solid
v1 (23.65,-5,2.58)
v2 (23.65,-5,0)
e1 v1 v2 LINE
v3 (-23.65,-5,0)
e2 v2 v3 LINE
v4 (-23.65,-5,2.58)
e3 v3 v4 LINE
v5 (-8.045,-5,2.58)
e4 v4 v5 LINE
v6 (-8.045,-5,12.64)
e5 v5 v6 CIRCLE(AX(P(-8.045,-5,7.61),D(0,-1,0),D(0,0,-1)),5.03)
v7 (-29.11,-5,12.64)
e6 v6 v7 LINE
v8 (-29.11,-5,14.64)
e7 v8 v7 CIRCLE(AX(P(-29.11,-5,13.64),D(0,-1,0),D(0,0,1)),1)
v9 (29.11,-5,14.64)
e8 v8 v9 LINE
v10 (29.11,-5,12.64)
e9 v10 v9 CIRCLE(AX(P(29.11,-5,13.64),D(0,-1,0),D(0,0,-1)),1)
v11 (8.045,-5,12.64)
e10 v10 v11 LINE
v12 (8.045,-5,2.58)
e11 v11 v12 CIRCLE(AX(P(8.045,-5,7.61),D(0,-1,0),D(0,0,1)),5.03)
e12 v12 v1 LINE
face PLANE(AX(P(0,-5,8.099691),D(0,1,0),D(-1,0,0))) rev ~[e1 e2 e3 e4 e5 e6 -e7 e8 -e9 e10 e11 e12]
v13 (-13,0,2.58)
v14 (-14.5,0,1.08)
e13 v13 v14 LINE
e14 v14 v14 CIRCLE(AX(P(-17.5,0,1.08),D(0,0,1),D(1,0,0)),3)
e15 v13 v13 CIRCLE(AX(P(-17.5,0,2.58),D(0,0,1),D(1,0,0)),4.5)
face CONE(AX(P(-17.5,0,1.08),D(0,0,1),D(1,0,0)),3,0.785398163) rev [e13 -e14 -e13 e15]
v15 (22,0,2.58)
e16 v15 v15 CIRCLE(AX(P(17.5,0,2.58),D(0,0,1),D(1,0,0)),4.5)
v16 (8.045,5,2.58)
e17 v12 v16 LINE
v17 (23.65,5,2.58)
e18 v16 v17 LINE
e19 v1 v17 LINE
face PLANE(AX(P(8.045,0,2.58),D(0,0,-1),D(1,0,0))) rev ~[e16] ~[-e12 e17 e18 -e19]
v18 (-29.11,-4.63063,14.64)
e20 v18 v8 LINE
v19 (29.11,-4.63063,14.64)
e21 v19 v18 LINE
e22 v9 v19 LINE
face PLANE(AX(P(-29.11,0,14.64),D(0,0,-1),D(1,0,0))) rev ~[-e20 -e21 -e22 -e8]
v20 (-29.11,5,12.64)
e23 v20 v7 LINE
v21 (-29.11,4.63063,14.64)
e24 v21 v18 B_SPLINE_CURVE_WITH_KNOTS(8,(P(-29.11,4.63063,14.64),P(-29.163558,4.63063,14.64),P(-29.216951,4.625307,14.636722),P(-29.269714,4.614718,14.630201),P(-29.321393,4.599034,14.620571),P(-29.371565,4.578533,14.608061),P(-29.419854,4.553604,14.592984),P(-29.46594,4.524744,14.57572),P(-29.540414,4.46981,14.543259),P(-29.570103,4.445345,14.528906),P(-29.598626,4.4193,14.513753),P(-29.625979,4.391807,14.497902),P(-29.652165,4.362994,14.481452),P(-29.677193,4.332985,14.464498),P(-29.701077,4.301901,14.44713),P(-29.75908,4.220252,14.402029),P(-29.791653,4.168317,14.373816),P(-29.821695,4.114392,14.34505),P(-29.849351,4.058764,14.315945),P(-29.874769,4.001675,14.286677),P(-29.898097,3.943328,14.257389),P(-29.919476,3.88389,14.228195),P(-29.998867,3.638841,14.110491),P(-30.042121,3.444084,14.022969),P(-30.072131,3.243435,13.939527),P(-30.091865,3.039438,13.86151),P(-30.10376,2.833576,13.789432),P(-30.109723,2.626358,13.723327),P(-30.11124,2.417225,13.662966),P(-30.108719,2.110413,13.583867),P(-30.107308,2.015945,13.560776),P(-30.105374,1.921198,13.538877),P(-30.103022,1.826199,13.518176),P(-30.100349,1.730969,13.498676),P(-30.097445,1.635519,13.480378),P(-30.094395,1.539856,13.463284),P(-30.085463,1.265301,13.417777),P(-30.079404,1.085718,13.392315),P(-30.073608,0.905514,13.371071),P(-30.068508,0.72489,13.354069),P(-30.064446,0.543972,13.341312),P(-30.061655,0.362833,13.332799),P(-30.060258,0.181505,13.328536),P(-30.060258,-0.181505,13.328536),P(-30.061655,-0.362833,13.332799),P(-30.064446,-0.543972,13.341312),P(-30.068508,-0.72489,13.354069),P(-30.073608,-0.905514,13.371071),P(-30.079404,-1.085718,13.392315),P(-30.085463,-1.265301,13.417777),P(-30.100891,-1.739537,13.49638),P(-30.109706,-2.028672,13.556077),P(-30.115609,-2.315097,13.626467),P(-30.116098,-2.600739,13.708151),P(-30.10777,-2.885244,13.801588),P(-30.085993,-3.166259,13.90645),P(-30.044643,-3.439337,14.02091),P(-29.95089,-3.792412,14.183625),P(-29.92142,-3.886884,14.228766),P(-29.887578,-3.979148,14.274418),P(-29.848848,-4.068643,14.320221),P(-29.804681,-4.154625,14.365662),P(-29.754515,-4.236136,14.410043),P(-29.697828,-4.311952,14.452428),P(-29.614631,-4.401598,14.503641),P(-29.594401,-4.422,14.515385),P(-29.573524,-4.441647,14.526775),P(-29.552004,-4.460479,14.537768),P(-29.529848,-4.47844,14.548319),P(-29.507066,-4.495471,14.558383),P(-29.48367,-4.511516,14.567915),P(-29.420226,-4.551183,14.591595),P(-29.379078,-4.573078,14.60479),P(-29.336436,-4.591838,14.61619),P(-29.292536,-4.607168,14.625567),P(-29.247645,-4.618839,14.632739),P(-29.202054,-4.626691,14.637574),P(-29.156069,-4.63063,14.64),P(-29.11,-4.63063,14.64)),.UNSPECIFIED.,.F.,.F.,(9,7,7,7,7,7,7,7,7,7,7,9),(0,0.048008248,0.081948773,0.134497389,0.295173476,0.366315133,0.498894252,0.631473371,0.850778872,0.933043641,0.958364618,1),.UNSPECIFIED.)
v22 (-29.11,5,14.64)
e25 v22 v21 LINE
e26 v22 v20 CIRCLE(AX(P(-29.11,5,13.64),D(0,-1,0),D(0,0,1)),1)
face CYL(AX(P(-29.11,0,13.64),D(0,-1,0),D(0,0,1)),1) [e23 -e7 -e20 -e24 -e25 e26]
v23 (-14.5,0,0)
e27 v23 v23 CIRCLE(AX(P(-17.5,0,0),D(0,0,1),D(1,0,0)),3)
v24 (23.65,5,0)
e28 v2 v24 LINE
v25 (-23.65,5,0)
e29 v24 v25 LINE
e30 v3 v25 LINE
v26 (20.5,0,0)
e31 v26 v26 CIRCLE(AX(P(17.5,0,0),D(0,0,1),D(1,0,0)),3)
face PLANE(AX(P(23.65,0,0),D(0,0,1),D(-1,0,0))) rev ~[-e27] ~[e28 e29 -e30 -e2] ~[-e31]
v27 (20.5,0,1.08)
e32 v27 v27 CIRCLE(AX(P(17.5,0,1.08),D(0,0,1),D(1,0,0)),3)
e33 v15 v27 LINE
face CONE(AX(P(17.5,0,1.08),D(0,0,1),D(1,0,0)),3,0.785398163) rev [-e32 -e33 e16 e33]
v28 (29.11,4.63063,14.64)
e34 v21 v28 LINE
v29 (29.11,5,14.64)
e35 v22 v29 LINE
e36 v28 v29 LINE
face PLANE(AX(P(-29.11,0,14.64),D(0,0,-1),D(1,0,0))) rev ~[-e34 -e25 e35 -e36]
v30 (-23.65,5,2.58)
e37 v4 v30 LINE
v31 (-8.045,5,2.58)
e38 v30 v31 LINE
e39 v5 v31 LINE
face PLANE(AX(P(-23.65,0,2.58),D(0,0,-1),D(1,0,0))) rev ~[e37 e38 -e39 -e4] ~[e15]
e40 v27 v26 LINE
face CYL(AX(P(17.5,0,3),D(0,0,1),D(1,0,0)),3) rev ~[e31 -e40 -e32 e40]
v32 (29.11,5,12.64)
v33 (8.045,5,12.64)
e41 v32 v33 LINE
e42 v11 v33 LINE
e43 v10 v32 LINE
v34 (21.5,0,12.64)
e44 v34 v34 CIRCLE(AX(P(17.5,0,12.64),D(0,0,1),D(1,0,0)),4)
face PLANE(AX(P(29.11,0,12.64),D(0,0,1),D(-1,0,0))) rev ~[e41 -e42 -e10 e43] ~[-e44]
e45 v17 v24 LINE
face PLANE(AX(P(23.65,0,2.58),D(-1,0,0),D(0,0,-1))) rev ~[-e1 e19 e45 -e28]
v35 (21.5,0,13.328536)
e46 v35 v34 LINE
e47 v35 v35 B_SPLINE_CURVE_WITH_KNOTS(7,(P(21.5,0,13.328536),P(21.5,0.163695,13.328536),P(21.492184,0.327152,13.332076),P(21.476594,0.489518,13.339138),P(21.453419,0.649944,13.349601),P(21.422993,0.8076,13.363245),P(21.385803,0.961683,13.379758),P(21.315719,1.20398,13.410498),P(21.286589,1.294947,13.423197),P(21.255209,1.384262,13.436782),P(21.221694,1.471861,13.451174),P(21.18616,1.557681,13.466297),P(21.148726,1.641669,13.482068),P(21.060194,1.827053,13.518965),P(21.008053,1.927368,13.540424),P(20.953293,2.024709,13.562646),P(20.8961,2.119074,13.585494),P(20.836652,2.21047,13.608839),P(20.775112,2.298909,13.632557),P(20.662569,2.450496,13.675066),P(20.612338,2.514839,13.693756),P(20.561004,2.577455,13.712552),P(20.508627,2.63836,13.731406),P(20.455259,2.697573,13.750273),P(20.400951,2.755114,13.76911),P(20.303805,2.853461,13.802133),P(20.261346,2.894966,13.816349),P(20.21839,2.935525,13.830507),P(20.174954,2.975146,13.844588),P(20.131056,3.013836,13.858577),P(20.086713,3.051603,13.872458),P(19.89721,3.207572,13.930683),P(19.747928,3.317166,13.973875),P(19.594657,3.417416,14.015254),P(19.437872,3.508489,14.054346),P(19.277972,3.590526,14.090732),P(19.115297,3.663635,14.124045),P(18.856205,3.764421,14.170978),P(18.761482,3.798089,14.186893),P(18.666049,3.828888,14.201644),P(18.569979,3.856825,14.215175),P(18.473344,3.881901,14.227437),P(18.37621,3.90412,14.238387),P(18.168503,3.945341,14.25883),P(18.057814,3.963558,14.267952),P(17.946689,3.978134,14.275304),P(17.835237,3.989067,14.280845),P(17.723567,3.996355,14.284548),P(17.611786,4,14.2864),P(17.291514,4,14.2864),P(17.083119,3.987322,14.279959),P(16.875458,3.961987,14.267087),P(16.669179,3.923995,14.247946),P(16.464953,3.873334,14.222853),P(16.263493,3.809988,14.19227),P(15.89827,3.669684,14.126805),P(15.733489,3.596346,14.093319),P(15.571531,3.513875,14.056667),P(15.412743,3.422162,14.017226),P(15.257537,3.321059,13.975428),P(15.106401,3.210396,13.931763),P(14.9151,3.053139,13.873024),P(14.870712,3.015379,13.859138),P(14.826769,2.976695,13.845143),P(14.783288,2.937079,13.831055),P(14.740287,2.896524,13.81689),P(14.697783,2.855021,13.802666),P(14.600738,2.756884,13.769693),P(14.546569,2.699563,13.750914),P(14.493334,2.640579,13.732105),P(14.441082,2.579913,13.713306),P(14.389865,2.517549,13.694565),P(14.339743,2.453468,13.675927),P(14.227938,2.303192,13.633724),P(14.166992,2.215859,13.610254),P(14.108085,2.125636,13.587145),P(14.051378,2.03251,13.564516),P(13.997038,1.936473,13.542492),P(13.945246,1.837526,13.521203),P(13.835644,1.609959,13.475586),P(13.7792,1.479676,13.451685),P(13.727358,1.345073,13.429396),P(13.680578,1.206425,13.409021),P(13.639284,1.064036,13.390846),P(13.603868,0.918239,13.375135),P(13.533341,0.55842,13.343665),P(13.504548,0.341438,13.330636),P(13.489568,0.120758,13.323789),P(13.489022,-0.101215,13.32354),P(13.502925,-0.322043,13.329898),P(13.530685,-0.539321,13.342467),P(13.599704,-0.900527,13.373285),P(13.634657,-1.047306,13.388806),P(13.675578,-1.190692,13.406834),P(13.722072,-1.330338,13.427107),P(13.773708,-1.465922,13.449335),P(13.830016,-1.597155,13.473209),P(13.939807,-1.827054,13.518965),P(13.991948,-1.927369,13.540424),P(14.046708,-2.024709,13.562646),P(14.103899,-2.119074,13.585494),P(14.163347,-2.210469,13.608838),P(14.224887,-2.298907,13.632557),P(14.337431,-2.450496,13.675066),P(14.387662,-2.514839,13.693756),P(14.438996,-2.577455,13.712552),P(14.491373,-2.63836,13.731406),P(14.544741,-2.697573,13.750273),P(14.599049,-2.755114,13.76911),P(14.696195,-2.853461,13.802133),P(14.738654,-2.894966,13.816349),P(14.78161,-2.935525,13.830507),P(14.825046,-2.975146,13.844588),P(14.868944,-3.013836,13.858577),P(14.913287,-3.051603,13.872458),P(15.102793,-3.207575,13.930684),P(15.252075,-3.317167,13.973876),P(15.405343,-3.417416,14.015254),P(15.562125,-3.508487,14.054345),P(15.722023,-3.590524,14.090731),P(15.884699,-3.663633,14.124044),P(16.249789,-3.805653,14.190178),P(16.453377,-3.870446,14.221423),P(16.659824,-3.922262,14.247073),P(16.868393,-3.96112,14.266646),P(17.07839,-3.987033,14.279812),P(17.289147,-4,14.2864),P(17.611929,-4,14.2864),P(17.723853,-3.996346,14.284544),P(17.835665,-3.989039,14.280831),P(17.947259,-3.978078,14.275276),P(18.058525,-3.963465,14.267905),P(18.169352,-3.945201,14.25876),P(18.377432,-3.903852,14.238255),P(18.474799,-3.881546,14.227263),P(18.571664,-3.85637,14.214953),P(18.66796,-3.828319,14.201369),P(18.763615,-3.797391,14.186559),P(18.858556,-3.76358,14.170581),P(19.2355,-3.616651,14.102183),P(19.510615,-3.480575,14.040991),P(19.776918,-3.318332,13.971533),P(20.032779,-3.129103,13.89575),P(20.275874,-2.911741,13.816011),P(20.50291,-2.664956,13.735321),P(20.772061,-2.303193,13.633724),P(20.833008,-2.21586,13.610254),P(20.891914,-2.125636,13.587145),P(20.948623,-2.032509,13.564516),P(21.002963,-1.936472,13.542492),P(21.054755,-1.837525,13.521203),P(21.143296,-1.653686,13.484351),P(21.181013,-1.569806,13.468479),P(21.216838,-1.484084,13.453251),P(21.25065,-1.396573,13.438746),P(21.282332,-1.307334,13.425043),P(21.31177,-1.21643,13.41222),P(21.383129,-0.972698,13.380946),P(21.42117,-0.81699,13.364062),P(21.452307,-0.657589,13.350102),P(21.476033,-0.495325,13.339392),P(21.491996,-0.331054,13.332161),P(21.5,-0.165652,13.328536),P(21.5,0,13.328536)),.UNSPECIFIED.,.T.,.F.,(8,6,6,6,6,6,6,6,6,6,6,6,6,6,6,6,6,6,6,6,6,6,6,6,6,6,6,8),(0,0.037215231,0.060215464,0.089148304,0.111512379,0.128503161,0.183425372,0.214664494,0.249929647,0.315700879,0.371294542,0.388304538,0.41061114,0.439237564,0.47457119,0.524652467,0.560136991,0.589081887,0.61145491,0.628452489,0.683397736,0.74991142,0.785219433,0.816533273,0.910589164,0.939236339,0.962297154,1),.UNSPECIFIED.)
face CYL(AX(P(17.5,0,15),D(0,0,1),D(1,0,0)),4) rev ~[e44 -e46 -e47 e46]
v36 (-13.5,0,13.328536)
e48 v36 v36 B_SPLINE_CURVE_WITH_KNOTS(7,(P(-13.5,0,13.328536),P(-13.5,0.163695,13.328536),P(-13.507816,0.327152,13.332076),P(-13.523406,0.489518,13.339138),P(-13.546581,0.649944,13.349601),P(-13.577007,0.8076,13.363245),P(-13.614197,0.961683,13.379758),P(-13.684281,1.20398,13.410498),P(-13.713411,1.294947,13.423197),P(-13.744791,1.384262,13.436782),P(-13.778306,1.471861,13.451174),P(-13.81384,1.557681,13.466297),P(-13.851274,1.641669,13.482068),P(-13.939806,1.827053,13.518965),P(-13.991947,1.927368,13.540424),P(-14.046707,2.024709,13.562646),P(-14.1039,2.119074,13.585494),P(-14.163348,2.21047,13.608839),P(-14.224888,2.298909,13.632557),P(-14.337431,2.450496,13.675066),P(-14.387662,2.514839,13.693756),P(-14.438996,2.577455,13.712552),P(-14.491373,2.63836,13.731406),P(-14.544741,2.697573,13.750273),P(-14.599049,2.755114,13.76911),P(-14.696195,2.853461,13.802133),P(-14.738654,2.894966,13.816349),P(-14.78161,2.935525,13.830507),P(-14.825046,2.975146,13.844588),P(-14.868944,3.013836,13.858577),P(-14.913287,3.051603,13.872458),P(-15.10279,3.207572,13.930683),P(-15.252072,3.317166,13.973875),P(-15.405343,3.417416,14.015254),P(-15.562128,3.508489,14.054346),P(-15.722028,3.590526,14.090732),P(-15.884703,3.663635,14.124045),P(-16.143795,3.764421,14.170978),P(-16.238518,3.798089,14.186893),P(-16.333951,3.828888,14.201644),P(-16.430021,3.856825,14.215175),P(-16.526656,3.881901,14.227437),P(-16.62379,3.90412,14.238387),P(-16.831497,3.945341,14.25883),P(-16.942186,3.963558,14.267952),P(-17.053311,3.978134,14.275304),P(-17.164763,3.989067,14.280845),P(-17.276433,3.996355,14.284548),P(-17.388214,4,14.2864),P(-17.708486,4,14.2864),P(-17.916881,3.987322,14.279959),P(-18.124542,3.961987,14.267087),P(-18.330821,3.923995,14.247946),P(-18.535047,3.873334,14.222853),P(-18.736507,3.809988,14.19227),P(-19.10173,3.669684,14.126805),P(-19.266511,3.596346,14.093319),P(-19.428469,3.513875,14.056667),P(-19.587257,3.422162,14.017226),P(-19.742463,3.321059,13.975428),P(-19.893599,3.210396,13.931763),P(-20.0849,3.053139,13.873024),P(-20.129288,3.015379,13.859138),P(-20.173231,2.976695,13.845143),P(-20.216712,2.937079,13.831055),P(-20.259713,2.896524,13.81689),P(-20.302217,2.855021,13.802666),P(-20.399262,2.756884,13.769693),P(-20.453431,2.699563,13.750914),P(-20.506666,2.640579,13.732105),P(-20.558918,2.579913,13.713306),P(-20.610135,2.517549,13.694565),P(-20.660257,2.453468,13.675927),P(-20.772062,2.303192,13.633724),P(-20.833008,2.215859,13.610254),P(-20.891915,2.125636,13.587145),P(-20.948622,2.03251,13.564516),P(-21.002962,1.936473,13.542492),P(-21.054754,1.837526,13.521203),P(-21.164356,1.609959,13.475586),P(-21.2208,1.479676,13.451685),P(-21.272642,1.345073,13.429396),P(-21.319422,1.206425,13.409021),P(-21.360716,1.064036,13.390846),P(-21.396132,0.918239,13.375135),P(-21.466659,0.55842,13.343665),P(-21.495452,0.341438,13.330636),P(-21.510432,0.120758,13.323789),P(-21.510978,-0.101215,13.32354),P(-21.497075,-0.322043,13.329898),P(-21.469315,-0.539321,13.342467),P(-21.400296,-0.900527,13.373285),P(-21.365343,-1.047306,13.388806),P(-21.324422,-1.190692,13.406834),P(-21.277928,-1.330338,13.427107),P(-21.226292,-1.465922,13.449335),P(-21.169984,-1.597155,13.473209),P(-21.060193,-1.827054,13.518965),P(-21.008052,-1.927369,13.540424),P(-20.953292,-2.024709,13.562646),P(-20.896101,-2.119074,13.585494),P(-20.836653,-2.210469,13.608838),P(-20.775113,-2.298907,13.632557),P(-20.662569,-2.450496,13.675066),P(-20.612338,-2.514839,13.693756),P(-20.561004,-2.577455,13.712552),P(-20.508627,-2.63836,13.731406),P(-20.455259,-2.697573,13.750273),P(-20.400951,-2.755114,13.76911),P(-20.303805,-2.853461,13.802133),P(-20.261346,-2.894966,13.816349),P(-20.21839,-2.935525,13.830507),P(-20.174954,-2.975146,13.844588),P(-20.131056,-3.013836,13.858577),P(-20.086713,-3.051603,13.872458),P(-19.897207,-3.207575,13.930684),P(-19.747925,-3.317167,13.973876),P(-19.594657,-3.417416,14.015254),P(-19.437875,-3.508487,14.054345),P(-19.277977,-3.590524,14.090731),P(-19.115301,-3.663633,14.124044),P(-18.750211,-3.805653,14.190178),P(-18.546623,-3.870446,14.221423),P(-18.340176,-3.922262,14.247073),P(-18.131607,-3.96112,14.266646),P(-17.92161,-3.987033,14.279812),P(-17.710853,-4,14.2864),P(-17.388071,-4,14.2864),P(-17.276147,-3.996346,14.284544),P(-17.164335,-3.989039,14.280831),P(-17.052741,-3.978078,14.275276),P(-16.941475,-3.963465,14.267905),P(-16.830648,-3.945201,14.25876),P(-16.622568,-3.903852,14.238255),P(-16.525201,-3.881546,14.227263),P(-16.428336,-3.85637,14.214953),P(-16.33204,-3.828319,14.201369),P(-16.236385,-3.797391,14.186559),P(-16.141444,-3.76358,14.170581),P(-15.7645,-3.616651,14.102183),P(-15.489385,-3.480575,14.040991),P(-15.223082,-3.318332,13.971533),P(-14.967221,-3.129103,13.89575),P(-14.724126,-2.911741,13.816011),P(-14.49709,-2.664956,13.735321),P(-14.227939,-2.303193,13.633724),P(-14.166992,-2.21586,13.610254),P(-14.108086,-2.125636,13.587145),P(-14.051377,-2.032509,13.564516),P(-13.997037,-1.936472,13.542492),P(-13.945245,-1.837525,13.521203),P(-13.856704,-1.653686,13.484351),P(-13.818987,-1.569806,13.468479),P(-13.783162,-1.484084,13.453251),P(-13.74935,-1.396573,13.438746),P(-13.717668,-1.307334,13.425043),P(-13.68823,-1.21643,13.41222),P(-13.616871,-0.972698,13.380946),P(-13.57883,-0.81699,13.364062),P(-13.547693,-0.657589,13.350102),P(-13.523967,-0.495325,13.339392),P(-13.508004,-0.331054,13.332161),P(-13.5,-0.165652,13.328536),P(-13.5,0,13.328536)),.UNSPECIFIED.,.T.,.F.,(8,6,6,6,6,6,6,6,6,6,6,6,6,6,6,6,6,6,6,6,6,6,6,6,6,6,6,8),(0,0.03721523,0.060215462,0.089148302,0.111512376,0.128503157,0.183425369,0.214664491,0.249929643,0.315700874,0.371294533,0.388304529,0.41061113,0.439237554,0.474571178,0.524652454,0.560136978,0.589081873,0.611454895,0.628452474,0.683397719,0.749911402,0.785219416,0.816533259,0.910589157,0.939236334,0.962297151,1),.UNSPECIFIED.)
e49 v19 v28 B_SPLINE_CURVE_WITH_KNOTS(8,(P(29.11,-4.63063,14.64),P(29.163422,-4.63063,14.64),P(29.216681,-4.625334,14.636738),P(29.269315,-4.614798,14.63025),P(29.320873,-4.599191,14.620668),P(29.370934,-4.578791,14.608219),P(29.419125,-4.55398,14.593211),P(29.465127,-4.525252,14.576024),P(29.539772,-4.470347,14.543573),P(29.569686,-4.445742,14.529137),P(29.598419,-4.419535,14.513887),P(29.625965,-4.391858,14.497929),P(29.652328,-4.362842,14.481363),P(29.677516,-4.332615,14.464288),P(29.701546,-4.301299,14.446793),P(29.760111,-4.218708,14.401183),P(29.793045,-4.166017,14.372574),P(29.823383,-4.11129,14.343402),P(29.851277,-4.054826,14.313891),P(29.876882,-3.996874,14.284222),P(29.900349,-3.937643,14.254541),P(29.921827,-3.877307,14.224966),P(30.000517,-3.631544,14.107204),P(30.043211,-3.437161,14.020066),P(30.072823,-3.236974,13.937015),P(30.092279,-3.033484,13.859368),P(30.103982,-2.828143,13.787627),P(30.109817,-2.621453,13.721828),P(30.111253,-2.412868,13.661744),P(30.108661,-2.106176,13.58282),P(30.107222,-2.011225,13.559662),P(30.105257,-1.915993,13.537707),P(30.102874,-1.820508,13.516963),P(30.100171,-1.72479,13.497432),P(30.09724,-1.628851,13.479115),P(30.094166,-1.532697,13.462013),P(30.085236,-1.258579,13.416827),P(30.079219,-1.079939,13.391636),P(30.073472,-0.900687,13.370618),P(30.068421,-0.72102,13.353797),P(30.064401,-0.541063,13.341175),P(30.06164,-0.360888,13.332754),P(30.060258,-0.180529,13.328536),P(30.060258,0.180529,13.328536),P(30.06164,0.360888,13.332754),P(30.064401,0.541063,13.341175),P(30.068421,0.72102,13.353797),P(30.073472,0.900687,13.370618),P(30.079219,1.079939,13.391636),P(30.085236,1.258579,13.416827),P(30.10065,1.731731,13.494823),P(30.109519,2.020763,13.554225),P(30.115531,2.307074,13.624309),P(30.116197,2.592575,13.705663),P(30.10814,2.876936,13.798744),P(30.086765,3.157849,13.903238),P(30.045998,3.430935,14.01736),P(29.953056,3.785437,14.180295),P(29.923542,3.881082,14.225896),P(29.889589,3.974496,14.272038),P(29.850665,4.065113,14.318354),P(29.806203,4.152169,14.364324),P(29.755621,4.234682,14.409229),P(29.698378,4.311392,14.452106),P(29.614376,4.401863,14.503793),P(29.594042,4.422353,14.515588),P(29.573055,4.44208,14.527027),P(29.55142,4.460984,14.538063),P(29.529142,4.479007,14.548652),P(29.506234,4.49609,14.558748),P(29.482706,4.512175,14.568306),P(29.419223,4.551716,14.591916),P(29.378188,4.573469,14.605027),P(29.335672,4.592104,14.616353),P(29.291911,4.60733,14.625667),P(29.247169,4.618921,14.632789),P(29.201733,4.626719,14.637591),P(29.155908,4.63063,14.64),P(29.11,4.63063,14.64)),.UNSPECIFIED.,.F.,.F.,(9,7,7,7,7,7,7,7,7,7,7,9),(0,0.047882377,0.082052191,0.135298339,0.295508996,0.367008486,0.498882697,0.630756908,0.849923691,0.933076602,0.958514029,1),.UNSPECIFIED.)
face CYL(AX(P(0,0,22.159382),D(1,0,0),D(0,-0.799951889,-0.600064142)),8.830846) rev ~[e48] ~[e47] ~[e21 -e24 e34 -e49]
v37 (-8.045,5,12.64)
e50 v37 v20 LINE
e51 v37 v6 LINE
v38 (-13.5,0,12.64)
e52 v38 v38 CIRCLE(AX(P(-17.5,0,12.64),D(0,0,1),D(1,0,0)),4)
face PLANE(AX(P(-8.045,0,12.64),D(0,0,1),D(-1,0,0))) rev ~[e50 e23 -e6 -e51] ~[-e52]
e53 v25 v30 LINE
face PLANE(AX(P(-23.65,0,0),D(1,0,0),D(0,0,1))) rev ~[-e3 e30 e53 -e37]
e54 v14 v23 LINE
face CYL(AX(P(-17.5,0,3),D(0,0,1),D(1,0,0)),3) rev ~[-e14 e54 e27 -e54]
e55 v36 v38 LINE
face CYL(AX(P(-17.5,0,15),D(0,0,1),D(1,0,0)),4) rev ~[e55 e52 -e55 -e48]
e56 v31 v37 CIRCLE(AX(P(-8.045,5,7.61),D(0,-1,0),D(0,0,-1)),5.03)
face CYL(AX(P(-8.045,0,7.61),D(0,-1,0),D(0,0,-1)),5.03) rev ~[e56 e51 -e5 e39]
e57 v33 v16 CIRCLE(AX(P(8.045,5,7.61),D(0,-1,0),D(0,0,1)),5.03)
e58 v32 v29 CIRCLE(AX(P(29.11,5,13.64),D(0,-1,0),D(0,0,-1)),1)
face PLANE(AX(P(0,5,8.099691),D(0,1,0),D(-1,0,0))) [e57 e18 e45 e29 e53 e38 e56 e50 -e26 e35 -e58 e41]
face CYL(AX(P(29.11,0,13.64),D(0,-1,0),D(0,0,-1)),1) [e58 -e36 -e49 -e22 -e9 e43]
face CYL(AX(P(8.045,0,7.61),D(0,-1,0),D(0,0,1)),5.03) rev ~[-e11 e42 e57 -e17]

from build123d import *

# Parameters (mm, degrees)
PAD_DEPTH            = 5
SKETCH001_R          = 4
POCKET_DEPTH         = 5
SKETCH002_R          = 3
POCKET001_DEPTH      = 5
CHAMFER_SIZE         = 1.5
POCKET002_DEPTH      = 30.111
POCKET002_DEPTH_BACK = -30.111


with BuildPart() as part:
    # Sketch → Pad (new body, symmetric)
    with BuildSketch(Plane.XZ):
        with BuildLine():
            Line((-29.11, 14.64), (29.11, 14.64))
            ThreePointArc((29.11, 12.64), (30.11, 13.64), (29.11, 14.64))
            Line((29.11, 12.64), (8.045, 12.64))
            ThreePointArc((8.045, 12.64), (3.015, 7.61), (8.045, 2.58))
            Line((8.045, 2.58), (23.65, 2.58))
            Line((23.65, 2.58), (23.65, 0))
            Line((23.65, 0), (-23.65, 0))
            Line((-23.65, 0), (-23.65, 2.58))
            Line((-23.65, 2.58), (-8.045, 2.58))
            ThreePointArc((-8.045, 2.58), (-3.015, 7.61), (-8.045, 12.64))
            Line((-8.045, 12.64), (-29.11, 12.64))
            ThreePointArc((-29.11, 14.64), (-30.11, 13.64), (-29.11, 12.64))
        make_face()
    extrude(amount=PAD_DEPTH, both=True)

    # Sketch001 → Pocket (cut)
    with BuildSketch(Plane.XY.offset(15)):
        with Locations((-17.5, 0)):
            Circle(SKETCH001_R)
        with Locations((17.5, 0)):
            Circle(SKETCH001_R)
    extrude(amount=-POCKET_DEPTH, mode=Mode.SUBTRACT)

    # Sketch002 → Pocket001 (cut)
    with BuildSketch(Plane.XY.offset(3)):
        with Locations((-17.5, 0)):
            Circle(SKETCH002_R)
        with Locations((17.5, 0)):
            Circle(SKETCH002_R)
    extrude(amount=-POCKET001_DEPTH, mode=Mode.SUBTRACT)

    # Chamfer
    chamfer_edges = [part.edges().sort_by_distance(p)[0] for p in [
        (-20.5, 0, 2.58),
        (14.5, 0, 2.58),
    ]]
    chamfer(chamfer_edges, length=CHAMFER_SIZE)

    # Sketch003 → Pocket002 (cut, two sides)
    with BuildSketch(Plane.YZ) as pocket002_sk:
        with BuildLine():
            ThreePointArc((-7.064252, 16.860308), (0, 13.328536), (7.064252, 16.860308))
            Line((-7.064252, 16.860308), (7.064252, 16.860308))
        make_face()
    extrude(amount=-POCKET002_DEPTH, mode=Mode.SUBTRACT)
    extrude(pocket002_sk.sketch, amount=-POCKET002_DEPTH_BACK, mode=Mode.SUBTRACT)


solid = part.part
